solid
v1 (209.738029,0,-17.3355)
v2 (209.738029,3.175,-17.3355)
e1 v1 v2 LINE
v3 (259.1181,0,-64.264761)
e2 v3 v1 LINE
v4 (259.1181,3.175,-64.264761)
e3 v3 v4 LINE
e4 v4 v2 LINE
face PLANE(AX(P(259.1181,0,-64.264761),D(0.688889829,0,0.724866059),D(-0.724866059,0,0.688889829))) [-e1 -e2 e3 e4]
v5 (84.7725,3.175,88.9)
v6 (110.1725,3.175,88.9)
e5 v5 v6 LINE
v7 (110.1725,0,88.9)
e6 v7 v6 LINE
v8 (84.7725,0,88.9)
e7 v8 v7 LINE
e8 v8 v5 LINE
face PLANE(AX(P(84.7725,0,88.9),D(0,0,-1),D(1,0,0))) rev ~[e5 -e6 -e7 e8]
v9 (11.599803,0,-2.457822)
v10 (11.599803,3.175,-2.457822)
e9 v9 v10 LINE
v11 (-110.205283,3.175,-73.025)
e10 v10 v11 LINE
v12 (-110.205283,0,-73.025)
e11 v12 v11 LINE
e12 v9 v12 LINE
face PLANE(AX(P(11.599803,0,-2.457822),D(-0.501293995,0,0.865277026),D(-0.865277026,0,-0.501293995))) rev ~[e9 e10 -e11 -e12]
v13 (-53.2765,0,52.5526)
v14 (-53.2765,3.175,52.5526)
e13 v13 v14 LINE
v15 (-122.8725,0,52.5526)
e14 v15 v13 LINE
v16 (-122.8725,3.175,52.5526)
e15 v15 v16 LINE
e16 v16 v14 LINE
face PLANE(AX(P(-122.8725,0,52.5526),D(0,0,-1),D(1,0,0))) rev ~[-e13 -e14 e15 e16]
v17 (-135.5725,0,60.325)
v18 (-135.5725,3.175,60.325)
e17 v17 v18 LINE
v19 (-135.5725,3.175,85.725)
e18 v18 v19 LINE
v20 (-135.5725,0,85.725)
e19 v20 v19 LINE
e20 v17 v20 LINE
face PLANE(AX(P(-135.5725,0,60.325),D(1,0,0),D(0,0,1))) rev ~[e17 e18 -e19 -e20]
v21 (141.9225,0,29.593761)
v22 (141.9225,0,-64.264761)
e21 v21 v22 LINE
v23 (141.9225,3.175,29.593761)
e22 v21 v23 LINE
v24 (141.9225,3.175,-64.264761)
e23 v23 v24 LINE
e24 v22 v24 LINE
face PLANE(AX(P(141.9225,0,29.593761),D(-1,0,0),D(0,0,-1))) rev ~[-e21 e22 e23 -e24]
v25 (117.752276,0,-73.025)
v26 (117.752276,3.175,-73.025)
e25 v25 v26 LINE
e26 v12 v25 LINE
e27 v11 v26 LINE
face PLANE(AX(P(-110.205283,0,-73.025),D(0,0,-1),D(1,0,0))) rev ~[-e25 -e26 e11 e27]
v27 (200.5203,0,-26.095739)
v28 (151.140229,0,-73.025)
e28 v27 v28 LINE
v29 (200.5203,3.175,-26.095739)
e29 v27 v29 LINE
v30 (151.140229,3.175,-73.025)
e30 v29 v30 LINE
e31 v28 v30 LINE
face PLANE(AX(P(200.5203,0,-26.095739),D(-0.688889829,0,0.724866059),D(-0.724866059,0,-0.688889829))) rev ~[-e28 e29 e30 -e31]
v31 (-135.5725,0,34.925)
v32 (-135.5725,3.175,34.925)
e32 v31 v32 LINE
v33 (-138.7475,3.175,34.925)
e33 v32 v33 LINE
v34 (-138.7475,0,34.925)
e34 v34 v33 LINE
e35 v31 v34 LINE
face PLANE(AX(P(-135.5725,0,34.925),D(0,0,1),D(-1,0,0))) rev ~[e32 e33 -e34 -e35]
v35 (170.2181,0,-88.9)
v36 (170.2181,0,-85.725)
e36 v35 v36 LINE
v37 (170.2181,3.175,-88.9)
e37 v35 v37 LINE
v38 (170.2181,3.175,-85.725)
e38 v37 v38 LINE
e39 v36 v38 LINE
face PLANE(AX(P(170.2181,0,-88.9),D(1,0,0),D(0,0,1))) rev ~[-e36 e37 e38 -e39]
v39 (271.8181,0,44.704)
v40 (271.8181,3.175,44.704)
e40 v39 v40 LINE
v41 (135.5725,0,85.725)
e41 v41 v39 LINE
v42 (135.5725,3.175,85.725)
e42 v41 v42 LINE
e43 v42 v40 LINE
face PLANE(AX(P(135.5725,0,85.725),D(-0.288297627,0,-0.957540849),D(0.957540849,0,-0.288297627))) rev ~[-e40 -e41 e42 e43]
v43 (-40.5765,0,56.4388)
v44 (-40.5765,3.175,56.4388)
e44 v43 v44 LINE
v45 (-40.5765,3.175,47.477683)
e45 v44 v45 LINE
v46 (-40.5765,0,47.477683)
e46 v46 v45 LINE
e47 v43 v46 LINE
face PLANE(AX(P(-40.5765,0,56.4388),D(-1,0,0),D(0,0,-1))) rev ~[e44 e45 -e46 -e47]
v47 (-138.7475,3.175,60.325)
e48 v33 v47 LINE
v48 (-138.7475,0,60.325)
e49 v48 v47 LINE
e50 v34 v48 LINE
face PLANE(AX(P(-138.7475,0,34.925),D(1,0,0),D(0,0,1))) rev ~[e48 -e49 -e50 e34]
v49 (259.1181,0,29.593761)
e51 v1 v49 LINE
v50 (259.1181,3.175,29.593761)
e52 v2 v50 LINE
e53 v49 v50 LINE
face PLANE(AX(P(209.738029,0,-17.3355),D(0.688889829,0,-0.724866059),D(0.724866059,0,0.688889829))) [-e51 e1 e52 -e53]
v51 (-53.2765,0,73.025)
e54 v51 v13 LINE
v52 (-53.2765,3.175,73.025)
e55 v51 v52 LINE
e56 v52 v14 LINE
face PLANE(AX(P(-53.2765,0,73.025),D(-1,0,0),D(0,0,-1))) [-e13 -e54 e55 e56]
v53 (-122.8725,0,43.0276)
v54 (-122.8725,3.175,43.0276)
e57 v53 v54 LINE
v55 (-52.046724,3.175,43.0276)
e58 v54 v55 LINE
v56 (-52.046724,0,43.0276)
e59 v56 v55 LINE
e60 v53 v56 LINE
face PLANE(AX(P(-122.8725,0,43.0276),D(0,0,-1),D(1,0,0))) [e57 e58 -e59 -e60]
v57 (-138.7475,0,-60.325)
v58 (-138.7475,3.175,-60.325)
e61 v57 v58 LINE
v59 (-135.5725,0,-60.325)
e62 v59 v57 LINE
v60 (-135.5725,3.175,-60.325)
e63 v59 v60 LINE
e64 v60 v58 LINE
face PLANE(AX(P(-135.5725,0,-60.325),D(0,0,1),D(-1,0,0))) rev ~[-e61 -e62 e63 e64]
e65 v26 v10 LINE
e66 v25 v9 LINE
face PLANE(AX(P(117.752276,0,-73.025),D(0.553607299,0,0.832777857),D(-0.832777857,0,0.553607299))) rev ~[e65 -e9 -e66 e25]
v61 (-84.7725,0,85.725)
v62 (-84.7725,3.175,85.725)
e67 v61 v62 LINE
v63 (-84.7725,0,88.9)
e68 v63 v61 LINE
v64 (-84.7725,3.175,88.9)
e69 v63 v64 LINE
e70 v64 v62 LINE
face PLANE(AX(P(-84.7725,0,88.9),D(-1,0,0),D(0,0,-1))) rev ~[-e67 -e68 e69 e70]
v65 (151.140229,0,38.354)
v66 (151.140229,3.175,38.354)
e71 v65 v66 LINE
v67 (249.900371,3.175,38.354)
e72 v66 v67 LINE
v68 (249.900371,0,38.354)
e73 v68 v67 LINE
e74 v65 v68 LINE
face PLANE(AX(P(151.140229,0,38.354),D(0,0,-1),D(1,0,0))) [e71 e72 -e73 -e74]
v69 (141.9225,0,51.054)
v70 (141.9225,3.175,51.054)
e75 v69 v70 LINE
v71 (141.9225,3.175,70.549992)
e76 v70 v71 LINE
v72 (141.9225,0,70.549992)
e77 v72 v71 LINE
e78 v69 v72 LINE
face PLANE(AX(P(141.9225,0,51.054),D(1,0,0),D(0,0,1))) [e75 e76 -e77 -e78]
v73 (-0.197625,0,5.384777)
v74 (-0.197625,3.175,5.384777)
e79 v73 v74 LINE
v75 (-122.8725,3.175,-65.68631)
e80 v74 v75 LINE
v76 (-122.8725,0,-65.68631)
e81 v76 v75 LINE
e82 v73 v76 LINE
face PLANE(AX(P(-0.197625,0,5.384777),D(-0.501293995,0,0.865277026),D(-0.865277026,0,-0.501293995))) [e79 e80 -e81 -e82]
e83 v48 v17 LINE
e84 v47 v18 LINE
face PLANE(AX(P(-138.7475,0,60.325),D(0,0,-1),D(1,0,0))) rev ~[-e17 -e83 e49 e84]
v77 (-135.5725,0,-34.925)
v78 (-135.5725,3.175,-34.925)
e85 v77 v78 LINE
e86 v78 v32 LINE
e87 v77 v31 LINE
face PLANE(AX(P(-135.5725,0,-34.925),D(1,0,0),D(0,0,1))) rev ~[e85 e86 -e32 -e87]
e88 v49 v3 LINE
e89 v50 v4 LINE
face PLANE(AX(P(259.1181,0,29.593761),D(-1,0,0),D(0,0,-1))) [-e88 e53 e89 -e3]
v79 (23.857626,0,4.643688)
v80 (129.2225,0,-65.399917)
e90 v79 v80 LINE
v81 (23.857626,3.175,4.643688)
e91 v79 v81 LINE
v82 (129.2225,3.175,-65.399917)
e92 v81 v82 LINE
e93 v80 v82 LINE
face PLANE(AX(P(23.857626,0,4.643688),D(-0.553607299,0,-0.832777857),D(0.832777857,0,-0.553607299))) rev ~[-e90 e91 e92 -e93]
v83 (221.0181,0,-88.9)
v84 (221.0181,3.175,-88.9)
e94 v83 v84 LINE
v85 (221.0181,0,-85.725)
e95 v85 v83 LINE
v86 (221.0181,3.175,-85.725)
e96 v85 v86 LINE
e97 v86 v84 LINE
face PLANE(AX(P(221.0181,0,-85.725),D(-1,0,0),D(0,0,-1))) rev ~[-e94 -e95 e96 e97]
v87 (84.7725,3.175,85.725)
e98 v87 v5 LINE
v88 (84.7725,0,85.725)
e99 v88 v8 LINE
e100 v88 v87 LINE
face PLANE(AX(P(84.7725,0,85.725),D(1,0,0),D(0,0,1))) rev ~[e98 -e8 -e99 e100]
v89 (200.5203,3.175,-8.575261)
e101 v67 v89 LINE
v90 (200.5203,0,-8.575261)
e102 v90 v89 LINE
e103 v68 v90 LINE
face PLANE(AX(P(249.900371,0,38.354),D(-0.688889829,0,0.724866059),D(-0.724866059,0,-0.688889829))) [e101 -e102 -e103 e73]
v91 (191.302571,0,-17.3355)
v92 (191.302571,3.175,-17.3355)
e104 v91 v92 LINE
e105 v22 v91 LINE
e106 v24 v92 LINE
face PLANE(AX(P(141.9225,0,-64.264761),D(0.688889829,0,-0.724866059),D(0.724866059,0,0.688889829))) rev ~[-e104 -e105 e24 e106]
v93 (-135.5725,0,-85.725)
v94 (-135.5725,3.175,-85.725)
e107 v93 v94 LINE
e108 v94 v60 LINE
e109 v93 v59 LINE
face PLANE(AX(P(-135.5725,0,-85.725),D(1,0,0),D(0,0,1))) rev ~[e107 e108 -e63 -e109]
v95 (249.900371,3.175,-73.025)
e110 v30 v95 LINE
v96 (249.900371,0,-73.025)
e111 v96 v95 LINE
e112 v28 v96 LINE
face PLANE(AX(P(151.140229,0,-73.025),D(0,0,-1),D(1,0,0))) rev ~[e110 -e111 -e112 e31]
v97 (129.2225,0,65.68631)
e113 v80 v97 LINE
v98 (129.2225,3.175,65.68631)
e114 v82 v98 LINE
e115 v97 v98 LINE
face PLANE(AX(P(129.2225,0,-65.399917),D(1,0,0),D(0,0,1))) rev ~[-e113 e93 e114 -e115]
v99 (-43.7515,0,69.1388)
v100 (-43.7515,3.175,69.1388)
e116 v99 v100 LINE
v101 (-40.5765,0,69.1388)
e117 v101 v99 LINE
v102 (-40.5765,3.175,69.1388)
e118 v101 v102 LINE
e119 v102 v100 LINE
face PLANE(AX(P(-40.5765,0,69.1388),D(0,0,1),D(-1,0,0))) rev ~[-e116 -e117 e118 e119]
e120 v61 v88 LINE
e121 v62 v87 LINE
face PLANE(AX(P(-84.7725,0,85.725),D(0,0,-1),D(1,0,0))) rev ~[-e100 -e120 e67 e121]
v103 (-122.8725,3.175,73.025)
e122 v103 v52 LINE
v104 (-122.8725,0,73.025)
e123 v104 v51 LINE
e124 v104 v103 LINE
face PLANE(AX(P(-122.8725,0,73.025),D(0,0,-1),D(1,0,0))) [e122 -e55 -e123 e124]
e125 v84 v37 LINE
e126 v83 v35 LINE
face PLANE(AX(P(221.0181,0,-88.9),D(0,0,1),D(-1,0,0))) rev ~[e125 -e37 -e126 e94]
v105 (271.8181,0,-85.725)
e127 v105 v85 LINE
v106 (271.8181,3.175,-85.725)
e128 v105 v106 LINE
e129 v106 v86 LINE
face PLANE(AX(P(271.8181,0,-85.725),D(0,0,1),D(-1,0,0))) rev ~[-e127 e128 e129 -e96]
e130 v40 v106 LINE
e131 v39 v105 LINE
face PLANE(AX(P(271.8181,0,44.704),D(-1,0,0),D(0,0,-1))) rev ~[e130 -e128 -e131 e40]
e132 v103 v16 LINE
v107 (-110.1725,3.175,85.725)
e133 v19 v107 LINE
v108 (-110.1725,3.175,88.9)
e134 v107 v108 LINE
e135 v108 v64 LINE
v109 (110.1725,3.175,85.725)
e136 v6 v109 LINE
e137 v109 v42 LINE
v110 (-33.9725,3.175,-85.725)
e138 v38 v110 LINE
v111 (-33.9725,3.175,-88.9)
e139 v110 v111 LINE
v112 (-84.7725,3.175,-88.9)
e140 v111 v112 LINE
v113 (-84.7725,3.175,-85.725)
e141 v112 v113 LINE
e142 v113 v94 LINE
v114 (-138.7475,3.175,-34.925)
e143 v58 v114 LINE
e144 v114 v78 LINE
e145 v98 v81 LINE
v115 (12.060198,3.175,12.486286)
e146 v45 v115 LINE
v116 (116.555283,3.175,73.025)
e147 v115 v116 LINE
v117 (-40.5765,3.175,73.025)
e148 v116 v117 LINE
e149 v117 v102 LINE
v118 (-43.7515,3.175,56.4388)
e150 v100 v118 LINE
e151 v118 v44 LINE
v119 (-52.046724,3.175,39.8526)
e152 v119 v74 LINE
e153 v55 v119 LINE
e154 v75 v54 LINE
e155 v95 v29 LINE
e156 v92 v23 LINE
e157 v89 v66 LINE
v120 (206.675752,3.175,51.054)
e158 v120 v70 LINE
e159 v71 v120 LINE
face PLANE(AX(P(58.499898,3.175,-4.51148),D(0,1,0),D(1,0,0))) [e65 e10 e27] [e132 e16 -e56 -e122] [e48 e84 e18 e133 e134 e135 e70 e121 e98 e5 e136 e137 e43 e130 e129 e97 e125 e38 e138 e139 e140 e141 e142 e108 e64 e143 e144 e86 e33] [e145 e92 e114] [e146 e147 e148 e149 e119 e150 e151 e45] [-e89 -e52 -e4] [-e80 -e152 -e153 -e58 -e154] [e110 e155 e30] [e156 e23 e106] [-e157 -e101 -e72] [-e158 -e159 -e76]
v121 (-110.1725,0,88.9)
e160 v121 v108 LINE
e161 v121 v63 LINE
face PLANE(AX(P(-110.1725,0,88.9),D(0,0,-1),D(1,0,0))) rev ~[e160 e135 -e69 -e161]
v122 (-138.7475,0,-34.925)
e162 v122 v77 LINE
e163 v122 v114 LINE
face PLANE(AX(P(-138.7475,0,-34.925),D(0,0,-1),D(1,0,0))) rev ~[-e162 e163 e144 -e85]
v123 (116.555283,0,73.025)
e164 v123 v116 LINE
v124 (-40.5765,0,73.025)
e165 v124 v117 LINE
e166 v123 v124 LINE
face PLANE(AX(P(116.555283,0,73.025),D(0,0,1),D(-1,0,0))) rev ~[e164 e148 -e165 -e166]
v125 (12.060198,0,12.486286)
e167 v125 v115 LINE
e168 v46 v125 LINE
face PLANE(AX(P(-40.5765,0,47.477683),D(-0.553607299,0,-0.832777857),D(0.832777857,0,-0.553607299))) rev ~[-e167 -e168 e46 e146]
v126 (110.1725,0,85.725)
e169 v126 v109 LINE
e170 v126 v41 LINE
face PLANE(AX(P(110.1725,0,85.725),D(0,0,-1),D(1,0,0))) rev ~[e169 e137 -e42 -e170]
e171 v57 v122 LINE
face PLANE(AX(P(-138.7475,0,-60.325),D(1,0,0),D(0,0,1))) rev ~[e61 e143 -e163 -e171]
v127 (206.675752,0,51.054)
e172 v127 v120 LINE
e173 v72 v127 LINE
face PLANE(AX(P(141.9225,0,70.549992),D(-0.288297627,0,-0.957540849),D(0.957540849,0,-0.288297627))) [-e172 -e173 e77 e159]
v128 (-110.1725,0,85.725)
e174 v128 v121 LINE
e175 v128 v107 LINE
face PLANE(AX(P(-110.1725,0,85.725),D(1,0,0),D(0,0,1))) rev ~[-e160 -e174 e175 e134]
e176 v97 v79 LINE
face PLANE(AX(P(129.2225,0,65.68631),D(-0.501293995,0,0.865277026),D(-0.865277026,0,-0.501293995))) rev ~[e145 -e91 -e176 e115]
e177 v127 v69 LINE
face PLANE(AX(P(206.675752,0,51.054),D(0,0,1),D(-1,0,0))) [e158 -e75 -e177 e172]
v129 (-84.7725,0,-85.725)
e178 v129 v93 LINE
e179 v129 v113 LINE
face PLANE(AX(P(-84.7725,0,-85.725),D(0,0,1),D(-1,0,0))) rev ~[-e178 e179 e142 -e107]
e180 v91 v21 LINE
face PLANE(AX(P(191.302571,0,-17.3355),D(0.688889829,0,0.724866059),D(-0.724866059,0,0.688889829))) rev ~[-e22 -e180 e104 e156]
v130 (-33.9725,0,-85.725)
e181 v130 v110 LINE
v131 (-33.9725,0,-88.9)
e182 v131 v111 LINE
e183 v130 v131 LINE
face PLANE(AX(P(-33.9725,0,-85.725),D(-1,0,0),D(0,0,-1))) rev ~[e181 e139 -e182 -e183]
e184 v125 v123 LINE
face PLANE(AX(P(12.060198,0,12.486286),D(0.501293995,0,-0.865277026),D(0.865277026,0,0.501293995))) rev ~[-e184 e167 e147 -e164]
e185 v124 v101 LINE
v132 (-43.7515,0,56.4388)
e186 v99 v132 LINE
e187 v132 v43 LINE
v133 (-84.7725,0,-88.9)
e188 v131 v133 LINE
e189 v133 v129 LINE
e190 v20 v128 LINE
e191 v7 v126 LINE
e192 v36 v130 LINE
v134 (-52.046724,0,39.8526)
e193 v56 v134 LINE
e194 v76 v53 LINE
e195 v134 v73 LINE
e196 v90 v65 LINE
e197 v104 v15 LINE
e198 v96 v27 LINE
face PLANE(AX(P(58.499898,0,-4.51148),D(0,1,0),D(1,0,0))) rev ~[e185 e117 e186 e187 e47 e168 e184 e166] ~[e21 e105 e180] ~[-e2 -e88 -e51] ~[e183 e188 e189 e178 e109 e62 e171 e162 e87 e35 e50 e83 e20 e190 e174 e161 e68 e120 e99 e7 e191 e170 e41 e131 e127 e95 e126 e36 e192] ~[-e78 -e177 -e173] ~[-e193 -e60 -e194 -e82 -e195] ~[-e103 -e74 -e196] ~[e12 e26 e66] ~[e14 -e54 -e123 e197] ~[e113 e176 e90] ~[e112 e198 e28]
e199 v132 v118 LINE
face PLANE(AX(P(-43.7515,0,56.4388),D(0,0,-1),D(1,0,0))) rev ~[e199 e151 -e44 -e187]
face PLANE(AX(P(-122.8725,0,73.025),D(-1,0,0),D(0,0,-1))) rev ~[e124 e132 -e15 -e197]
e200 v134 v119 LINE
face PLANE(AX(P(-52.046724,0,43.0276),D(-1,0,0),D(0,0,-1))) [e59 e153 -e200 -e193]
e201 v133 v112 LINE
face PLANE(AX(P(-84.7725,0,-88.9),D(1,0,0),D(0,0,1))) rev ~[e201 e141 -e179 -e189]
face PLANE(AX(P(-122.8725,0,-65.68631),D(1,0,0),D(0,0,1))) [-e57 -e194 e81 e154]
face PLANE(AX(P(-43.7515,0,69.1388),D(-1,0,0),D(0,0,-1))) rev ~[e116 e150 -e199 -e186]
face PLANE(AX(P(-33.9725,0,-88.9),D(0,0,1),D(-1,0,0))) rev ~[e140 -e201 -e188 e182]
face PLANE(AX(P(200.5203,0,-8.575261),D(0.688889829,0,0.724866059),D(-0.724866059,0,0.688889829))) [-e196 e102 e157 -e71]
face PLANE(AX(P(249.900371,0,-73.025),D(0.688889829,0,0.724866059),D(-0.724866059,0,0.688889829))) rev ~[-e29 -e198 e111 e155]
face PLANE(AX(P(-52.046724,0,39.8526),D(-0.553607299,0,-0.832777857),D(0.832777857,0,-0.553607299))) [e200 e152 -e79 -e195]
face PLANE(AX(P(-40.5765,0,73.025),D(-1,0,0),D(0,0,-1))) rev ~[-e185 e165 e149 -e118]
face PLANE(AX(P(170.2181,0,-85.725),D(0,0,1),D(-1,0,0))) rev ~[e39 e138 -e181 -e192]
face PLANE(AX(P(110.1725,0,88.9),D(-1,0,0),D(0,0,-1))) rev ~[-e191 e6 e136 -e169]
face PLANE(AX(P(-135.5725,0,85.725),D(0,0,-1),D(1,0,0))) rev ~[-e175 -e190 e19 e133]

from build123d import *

# Parameters (mm, degrees)
SKETCH1_W           = 69.596
SKETCH1_H           = 20.4724
BOSS_EXTRUDE1_DEPTH = 3.175


with BuildPart() as part:
    # Sketch1 → Boss-Extrude1 (new body)
    with BuildSketch(Plane(origin=(0, 0, 0), x_dir=(1, 0, 0), z_dir=(0, 1, 0))):
        Polygon((135.5725, -85.725), (271.8181, -44.704), (271.8181, 85.725), (221.0181, 85.725), (221.0181, 88.9), (170.2181, 88.9), (170.2181, 85.725), (135.5725, 85.725), (-33.9725, 85.725), (-33.9725, 88.9), (-84.7725, 88.9), (-84.7725, 85.725), (-135.5725, 85.725), (-135.5725, 60.325), (-138.7475, 60.325), (-138.7475, 34.925), (-135.5725, 34.925), (-135.5725, -34.925), (-138.7475, -34.925), (-138.7475, -60.325), (-135.5725, -60.325), (-135.5725, -85.725), (-110.1725, -85.725), (-110.1725, -88.9), (-84.7725, -88.9), (-84.7725, -85.725), (84.7725, -85.725), (84.7725, -88.9), (110.1725, -88.9), (110.1725, -85.725), align=None)
        Polygon((191.30257064, 17.3355), (141.9225, -29.593760892), (141.9225, 64.264760892), align=None, mode=Mode.SUBTRACT)
        Polygon((209.73802936, 17.3355), (259.1181, -29.593760892), (259.1181, 64.264760892), align=None, mode=Mode.SUBTRACT)
        Polygon((141.9225, -51.054), (141.9225, -70.549992123), (206.675751855, -51.054), align=None, mode=Mode.SUBTRACT)
        Polygon((-40.5765, -56.4388), (-40.5765, -47.477682668), (12.060198108, -12.486286049), (116.555282623, -73.025), (-40.5765, -73.025), (-40.5765, -69.1388), (-43.7515, -69.1388), (-43.7515, -56.4388), align=None, mode=Mode.SUBTRACT)
        Polygon((-110.205282623, 73.025), (117.75227551, 73.025), (11.599803294, 2.457821761), align=None, mode=Mode.SUBTRACT)
        Polygon((-122.8725, 65.686309832), (-122.8725, -43.0276), (-52.04672449, -43.0276), (-52.04672449, -39.8526), (-0.197624716, -5.384776605), align=None, mode=Mode.SUBTRACT)
        with Locations((-88.0745, -62.7888)):
            Rectangle(SKETCH1_W, SKETCH1_H, mode=Mode.SUBTRACT)
        Polygon((129.2225, 65.399917332), (129.2225, -65.686309832), (23.857626118, -4.643687684), align=None, mode=Mode.SUBTRACT)
        Polygon((151.14022936, 73.025), (249.90037064, 73.025), (200.5203, 26.095739108), align=None, mode=Mode.SUBTRACT)
        Polygon((151.14022936, -38.354), (249.90037064, -38.354), (200.5203, 8.575260892), align=None, mode=Mode.SUBTRACT)
    extrude(amount=BOSS_EXTRUDE1_DEPTH)


solid = part.part
